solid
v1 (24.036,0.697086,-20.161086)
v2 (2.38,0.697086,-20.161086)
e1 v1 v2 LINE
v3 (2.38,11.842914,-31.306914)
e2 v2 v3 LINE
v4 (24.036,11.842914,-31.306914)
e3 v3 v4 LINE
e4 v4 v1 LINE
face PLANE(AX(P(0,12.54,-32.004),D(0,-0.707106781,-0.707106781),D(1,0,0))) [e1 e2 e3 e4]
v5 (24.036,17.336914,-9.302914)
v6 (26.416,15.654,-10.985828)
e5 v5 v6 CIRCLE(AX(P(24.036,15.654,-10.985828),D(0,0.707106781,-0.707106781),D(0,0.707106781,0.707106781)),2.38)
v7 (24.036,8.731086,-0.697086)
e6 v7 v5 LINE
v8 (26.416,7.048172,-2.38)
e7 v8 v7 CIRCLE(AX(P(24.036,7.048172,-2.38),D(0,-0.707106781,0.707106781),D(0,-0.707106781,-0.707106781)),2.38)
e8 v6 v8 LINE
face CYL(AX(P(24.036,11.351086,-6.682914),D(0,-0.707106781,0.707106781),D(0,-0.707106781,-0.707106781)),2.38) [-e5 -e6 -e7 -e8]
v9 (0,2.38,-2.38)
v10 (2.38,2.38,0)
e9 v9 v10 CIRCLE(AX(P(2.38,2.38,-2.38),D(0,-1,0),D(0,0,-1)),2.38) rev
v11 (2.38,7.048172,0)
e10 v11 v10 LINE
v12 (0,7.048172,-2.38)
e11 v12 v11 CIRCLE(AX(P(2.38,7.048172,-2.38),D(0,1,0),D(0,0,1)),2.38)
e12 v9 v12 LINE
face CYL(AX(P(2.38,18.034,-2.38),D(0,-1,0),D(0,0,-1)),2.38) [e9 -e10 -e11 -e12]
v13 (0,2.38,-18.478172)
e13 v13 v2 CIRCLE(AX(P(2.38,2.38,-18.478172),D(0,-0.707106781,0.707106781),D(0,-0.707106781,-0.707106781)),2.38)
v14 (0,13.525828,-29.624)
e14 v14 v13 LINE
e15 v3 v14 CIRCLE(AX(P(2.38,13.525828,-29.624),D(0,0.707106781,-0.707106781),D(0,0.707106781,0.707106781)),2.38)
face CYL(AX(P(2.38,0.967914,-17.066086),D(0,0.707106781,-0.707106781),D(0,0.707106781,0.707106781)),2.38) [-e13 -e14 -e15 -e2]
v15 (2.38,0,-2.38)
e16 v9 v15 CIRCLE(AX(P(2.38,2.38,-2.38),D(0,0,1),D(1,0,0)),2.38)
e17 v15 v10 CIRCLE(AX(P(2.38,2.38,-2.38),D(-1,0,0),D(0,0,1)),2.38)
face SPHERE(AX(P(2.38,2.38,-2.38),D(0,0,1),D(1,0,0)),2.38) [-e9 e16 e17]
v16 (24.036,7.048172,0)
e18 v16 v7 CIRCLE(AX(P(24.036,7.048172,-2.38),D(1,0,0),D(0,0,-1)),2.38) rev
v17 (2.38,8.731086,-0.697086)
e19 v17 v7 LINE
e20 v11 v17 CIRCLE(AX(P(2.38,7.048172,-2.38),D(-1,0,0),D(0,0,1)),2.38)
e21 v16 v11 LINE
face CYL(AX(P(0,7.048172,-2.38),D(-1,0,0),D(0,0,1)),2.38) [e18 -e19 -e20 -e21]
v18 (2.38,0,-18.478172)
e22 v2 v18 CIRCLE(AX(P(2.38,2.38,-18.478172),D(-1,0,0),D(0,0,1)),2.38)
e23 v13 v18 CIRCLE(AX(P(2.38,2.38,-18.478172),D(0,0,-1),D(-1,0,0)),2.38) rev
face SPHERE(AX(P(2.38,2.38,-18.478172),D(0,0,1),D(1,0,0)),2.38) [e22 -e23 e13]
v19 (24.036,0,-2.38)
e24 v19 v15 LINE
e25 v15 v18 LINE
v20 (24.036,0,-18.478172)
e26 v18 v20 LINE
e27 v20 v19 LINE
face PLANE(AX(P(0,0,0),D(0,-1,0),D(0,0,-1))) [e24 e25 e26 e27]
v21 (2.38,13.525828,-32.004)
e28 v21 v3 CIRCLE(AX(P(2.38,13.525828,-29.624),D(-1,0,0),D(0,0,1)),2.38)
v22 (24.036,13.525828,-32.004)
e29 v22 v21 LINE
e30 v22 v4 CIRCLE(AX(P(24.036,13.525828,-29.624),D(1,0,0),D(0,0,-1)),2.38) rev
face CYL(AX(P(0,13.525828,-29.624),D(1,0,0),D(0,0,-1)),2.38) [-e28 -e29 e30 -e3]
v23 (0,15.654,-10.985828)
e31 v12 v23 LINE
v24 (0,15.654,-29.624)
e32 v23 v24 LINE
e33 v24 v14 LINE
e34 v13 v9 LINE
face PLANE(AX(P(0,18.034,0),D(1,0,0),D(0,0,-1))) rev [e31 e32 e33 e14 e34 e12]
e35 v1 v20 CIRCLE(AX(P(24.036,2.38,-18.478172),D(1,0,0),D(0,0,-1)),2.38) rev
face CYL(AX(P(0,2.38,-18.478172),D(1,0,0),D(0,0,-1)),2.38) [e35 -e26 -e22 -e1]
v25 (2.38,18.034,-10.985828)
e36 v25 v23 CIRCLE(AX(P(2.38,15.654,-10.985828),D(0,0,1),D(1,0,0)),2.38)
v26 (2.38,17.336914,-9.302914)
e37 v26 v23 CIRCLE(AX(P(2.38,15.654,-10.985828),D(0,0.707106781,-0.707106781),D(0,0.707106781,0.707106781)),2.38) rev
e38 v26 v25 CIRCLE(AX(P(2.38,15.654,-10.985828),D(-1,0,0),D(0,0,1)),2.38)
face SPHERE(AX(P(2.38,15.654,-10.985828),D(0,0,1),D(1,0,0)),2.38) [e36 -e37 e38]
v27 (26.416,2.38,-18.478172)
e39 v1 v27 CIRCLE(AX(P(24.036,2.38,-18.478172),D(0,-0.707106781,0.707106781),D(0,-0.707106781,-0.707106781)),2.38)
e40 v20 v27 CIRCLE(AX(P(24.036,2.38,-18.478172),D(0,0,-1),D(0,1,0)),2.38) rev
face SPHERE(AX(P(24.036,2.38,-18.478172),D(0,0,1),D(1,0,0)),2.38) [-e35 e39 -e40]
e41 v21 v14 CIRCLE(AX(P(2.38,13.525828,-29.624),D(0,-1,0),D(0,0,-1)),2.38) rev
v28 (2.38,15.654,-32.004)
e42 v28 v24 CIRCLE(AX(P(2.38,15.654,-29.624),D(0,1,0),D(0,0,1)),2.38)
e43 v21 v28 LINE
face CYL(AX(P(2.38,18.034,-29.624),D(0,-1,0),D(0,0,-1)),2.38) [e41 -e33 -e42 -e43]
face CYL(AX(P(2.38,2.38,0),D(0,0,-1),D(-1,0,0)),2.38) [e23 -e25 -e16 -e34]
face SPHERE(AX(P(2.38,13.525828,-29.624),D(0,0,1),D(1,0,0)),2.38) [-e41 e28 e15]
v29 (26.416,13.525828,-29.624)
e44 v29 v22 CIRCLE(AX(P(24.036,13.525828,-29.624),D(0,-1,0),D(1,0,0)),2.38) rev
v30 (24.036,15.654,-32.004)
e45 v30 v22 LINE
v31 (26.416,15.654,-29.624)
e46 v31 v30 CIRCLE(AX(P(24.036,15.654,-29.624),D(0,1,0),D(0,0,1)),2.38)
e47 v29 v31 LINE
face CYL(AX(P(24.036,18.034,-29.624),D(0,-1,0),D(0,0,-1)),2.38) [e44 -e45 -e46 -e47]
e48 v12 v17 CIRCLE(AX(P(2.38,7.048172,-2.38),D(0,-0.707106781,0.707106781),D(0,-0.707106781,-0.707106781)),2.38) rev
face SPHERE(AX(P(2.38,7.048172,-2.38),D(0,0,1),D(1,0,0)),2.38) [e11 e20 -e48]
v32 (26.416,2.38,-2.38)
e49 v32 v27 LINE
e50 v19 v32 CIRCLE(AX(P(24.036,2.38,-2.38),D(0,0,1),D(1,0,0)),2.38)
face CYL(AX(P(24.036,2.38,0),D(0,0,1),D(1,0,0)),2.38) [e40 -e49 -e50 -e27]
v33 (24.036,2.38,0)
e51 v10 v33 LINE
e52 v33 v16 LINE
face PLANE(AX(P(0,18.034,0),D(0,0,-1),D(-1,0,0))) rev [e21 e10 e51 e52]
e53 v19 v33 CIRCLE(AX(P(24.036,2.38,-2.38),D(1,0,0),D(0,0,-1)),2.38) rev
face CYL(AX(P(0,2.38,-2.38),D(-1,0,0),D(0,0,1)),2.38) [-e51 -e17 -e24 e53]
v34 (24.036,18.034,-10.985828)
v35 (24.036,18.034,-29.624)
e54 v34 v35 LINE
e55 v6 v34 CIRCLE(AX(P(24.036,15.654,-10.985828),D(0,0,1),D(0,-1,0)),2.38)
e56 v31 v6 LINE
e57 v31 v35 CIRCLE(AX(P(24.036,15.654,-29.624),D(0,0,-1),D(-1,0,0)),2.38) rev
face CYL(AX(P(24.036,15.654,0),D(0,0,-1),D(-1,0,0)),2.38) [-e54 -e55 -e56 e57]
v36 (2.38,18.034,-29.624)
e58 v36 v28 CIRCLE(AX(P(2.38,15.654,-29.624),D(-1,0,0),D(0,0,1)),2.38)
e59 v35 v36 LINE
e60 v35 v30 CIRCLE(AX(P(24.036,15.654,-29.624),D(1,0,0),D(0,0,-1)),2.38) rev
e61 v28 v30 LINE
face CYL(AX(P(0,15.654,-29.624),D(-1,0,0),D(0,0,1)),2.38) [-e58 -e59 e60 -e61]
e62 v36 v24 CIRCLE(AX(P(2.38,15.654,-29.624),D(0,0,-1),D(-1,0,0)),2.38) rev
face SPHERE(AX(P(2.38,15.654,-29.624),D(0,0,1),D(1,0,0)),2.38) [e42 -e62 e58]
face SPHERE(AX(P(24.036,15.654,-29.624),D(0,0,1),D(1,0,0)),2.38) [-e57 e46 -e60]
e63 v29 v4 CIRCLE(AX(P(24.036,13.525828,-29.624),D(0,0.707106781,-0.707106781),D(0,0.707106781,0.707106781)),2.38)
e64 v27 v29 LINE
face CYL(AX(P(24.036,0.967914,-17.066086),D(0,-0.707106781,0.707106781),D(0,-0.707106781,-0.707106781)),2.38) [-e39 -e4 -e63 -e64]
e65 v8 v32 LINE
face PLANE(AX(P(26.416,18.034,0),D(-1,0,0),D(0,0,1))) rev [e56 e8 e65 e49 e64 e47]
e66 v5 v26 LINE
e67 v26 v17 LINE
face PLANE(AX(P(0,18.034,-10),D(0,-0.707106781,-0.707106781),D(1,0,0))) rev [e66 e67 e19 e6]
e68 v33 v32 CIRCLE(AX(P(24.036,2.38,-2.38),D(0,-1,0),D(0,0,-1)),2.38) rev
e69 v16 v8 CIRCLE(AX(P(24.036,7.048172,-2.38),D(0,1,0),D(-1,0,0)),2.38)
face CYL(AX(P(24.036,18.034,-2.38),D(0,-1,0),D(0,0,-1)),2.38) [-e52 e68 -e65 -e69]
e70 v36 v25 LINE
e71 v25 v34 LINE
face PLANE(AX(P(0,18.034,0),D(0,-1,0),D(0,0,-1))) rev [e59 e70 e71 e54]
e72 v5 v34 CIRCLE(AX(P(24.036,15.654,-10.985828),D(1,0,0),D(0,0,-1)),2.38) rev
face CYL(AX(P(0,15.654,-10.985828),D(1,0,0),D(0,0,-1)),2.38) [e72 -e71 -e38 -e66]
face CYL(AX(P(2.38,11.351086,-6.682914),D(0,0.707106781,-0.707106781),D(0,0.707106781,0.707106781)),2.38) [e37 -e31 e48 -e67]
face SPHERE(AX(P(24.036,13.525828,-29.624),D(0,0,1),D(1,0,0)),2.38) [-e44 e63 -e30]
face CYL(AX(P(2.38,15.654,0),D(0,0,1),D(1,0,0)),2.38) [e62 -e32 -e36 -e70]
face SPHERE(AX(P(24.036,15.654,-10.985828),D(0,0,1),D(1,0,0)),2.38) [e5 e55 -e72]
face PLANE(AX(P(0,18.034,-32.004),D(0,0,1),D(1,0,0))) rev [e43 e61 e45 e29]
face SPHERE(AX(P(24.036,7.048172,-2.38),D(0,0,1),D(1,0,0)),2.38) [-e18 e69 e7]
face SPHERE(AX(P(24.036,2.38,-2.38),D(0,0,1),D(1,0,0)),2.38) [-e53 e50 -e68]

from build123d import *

# Parameters (mm, degrees)
SKETCH1_W           = 26.416
SKETCH1_H           = 32.004
BOSS_EXTRUDE1_DEPTH = 18.034
CHAMFER1_SIZE       = 12.54
CHAMFER2_SIZE       = 10
FILLET1_R           = 2.38


with BuildPart() as part:
    # Sketch1 → Boss-Extrude1 (new body)
    with BuildSketch(Plane(origin=(0, 0, 0), x_dir=(1, 0, 0), z_dir=(0, 1, 0))):
        with Locations((13.208, 16.002)):
            Rectangle(SKETCH1_W, SKETCH1_H)
    extrude(amount=BOSS_EXTRUDE1_DEPTH)

    # Chamfer1
    chamfer1_edges = [part.edges().sort_by_distance(p)[0] for p in [
        (13.208, 0, -32.004),
    ]]
    chamfer(chamfer1_edges, length=CHAMFER1_SIZE)

    # Chamfer2
    chamfer2_edges = [part.edges().sort_by_distance(p)[0] for p in [
        (13.208, 18.034, 0),
    ]]
    chamfer(chamfer2_edges, length=CHAMFER2_SIZE)

    # Fillet1
    fillet1_edges = [part.edges().sort_by_distance(p)[0] for p in [
        (13.208, 12.54, -32.004),
        (0, 0, -9.732),
        (0, 6.27, -25.734),
        (13.208, 0, -19.464),
        (26.416, 6.27, -25.734),
        (13.208, 18.034, -32.004),
        (26.416, 18.034, -21.002),
        (13.208, 18.034, -10),
        (26.416, 4.017, 0),
        (26.416, 13.034, -5),
        (0, 4.017, 0),
        (13.208, 8.034, 0),
        (0, 13.034, -5),
        (0, 18.034, -21.002),
        (26.416, 0, -9.732),
        (13.208, 0, 0),
        (0, 15.287, -32.004),
        (26.416, 15.287, -32.004),
    ]]
    fillet(fillet1_edges, radius=FILLET1_R)


solid = part.part
